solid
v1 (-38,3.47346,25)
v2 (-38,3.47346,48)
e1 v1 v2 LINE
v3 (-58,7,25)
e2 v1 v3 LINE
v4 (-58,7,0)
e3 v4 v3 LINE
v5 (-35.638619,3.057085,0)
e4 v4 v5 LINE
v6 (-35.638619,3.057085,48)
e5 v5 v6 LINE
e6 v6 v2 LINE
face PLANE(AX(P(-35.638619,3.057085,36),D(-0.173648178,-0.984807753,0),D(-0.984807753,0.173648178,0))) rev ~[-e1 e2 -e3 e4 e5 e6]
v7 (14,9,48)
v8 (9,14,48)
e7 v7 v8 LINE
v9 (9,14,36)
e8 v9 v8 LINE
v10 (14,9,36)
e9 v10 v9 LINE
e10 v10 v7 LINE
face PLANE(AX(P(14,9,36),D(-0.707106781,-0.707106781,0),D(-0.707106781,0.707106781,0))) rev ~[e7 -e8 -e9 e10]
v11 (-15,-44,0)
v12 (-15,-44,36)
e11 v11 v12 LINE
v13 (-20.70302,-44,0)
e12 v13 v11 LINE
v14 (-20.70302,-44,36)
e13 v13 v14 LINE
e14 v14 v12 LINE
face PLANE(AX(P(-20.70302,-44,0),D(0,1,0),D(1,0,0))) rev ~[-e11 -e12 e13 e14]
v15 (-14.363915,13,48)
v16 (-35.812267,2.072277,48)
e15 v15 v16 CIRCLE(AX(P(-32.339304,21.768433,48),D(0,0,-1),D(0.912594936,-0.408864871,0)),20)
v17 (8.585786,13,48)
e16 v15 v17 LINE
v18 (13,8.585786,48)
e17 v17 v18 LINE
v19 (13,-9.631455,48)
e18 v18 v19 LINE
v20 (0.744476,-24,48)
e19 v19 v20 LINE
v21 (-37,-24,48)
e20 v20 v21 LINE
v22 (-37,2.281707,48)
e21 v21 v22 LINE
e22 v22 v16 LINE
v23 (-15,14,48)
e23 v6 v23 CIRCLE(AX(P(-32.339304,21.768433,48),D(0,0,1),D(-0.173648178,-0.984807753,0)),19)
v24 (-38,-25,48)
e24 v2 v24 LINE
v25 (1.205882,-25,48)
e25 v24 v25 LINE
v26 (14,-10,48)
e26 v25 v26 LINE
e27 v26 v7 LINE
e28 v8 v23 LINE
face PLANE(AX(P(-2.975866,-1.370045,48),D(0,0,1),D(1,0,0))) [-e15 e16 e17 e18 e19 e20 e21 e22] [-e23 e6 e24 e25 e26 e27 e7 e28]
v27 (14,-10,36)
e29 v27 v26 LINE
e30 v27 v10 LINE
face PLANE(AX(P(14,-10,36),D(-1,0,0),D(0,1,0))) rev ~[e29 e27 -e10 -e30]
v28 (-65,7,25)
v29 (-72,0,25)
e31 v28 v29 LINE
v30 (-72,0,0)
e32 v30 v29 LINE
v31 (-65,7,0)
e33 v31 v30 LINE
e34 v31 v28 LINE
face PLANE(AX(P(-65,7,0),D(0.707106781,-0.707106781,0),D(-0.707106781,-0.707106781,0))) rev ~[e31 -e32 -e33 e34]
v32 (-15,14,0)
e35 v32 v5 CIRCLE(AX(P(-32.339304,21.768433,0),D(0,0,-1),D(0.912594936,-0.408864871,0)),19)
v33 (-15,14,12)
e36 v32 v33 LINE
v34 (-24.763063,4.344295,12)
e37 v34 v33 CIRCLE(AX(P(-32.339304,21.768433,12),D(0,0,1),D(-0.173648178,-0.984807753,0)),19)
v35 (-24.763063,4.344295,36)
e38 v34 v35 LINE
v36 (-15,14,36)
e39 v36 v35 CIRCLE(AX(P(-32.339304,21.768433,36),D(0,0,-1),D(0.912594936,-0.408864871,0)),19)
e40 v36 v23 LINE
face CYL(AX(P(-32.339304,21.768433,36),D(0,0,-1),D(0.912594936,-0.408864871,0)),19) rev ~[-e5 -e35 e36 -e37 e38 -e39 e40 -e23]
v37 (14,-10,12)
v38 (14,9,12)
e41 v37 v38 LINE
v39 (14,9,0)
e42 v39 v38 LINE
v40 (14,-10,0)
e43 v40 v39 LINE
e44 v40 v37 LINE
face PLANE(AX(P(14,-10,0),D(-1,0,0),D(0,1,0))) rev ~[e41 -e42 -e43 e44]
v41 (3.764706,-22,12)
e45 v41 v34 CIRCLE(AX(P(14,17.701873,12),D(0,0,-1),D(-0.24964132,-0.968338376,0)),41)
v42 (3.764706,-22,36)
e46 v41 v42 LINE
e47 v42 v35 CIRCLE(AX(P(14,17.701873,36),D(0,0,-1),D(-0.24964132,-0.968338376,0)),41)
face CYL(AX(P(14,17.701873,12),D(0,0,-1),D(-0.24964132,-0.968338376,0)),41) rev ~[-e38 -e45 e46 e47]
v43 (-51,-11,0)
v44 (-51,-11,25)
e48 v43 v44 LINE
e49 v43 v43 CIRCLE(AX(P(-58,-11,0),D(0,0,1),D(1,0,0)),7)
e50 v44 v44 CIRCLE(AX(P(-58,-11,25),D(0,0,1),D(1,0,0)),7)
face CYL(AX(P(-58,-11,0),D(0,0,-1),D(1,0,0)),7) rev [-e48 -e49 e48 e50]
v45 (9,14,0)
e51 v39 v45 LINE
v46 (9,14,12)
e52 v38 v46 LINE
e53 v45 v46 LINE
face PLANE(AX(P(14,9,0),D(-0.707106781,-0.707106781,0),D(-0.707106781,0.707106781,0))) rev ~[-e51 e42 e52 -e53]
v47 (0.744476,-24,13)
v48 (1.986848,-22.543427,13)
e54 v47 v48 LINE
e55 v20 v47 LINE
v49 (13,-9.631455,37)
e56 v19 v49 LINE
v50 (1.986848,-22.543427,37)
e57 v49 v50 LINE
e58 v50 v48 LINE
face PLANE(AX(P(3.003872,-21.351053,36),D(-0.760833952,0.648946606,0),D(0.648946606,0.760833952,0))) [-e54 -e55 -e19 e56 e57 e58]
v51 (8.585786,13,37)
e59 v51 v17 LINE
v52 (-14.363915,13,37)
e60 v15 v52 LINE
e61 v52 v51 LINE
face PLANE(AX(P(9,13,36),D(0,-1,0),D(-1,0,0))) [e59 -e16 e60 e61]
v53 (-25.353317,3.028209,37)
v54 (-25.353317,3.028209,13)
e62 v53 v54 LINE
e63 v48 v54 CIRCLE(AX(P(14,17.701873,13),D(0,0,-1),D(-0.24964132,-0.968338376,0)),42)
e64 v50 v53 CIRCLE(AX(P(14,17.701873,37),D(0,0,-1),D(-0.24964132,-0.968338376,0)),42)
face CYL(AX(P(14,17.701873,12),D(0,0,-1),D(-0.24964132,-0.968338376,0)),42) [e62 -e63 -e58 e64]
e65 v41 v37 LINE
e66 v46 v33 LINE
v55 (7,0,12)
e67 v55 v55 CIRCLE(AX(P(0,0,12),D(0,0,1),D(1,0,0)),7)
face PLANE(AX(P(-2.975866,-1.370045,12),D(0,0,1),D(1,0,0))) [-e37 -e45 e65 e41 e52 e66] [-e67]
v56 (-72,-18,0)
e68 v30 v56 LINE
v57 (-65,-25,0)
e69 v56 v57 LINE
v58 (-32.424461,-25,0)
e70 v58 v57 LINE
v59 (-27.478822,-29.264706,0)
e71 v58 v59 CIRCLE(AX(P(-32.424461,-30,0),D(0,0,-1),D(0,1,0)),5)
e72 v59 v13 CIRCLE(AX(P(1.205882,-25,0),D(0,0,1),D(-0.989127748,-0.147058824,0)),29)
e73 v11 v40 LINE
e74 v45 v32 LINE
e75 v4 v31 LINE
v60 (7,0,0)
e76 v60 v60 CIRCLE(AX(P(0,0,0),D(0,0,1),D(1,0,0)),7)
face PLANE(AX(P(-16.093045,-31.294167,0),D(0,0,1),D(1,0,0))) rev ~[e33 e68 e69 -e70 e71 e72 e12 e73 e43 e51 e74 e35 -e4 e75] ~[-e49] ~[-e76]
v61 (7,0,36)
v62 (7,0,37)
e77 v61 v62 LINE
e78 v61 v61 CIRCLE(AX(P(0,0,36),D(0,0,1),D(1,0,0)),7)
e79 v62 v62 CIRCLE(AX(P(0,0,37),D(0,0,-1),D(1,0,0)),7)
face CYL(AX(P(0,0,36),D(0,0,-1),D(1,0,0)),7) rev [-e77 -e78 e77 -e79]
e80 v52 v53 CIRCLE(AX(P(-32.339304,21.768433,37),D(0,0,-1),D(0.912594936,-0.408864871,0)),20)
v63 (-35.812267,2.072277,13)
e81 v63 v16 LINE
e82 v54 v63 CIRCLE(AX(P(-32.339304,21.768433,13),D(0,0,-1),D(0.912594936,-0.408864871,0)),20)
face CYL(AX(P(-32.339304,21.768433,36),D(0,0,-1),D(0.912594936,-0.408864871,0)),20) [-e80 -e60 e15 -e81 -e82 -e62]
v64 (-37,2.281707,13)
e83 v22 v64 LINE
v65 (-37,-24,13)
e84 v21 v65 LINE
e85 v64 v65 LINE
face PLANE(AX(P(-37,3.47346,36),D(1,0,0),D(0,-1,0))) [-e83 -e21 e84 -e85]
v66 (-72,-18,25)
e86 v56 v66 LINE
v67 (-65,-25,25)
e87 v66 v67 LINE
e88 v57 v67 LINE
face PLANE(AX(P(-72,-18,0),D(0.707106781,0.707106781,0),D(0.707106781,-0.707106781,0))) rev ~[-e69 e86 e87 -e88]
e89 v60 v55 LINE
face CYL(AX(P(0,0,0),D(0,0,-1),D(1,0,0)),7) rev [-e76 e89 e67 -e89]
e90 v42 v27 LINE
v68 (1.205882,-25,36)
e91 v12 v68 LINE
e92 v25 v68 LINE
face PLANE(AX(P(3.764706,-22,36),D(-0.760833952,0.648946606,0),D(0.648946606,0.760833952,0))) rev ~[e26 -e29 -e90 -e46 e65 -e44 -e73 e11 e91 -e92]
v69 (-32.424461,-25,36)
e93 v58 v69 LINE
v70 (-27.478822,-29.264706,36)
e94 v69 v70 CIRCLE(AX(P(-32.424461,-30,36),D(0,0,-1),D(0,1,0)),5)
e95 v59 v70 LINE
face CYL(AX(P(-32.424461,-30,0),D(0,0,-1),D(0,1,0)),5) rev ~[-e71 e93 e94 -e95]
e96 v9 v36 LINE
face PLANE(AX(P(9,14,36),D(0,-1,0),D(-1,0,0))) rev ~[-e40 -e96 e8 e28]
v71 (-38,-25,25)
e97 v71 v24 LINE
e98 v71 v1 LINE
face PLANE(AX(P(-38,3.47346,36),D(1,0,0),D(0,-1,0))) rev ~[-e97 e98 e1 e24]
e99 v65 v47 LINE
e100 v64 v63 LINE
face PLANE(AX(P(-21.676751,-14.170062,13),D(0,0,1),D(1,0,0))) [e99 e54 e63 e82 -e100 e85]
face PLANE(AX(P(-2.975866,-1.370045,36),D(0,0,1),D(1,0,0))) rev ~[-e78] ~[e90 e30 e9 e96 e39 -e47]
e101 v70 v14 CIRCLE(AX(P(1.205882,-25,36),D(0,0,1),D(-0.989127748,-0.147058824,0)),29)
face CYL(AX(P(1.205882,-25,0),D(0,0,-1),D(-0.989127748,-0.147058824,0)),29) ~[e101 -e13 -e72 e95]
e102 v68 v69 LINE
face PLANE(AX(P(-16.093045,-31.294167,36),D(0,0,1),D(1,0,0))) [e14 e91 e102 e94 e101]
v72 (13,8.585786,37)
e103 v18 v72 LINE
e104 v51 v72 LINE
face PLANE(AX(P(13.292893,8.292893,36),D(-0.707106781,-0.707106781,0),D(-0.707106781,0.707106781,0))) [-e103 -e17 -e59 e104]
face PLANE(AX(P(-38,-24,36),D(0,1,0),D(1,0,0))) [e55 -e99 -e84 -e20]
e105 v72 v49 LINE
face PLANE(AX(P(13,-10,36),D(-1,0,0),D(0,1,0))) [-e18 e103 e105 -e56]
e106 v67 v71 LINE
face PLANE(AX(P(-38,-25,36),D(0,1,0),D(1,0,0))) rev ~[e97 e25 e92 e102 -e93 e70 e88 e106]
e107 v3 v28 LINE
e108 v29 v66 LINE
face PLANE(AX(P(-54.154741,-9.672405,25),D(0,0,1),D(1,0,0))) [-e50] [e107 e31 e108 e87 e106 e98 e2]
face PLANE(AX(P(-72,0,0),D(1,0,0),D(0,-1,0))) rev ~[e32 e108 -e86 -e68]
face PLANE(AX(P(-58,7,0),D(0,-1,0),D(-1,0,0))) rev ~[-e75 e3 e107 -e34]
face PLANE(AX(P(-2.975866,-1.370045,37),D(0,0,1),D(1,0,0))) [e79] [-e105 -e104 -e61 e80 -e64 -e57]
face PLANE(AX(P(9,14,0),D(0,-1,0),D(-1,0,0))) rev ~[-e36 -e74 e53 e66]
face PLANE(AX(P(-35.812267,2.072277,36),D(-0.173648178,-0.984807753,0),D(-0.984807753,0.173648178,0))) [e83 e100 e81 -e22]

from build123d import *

# Parameters (mm, degrees)
SKETCH1_R           = 7
BOSS_EXTRUDE1_DEPTH = 25
BOSS_EXTRUDE2_START = 12
BOSS_EXTRUDE2_DEPTH = 24
SKETCH1_4_R         = 7.000000000000007
BOSS_EXTRUDE3_DEPTH = 12
BOSS_EXTRUDE6_START = 36
SKETCH1_7_R         = 7.000000000000007
BOSS_EXTRUDE6_DEPTH = 12
SHELL7_T            = -1
BOSS_EXTRUDE7_DEPTH = 36
SKETCH2_R           = 9.695738558294309
CUT_EXTRUDE2_DEPTH  = 93.13576938409969


with BuildPart() as part:
    # Sketch1 → Boss-Extrude1 (new body)
    with BuildSketch(Plane.XY):
        Polygon((-72, -1.421e-14), (-72, -18.000000000000014), (-64.99999999999997, -25.000000000000014), (-38, -25.000000000000007), (-38.00000000000001, 3.4734603858306787), (-57.99999999999999, 6.999999999999986), (-65.00000000000001, 6.999999999999986), align=None)
        with Locations((-57.99999999999999, -11.000000000000014)):
            Circle(SKETCH1_R, mode=Mode.SUBTRACT)
    extrude(amount=BOSS_EXTRUDE1_DEPTH)

    # Sketch1<4> → Boss-Extrude3 (add)
    with BuildSketch(Plane.XY):
        with BuildLine():
            Line((-38.00000000000001, 3.4734603858306787), (-38, -25.000000000000014))
            Line((-38, -25.00000000000001), (1.2058823529411669, -25.00000000000001))
            Line((1.2058823529411677, -25.00000000000001), (14.000000000000004, -10))
            Line((14, -9.999999999999998), (13.999999999999998, 9.000000000000002))
            Line((13.999999999999998, 9.000000000000002), (8.999999999999979, 14))
            Line((8.999999999999979, 14), (-15.000000000000004, 14))
            ThreePointArc((-15.000000000000004, 14), (-23.43890129432416, 4.98204414221815), (-35.63861916422293, 3.057085232755277))
            Line((-35.63861916422293, 3.057085232755278), (-38.00000000000001, 3.4734603858306823))
        make_face()
        Circle(SKETCH1_4_R, mode=Mode.SUBTRACT)
    extrude(amount=BOSS_EXTRUDE3_DEPTH)

    # Sketch1<8> → Boss-Extrude7 (add)
    with BuildSketch(Plane.XY):
        with BuildLine():
            Line((1.2058823529411669, -25.00000000000001), (-32.424461088659314, -25.00000000000001))
            ThreePointArc((-32.424461088659314, -25.000000000000007), (-29.159225307604235, -26.213413767769495), (-27.478822347247476, -29.26470588235295))
            ThreePointArc((-27.47882234724748, -29.264705882352946), (-25.141992144084263, -37.11567206097118), (-20.70301994726548, -44.000000000000014))
            Line((-20.70301994726548, -44.000000000000014), (-14.999999999999996, -44.00000000000001))
            Line((-14.999999999999996, -44.00000000000001), (1.2058823529411704, -25.00000000000001))
        make_face()
    extrude(amount=BOSS_EXTRUDE7_DEPTH)


with BuildPart() as body_2:
    # Sketch1<3> → Boss-Extrude2 (new body)
    with BuildSketch(Plane.XY.offset(BOSS_EXTRUDE2_START)):
        with BuildLine():
            Line((-38.00000000000001, 3.4734603858306787), (-38, -25.000000000000014))
            Line((-38, -25.000000000000007), (-32.424461088659314, -25.000000000000007))
            Line((-32.424461088659314, -25.00000000000001), (1.2058823529411669, -25.00000000000001))
            Line((1.2058823529411704, -25.00000000000001), (3.764705882352942, -22))
            ThreePointArc((3.764705882352942, -22.000000000000004), (-13.815737017505185, -12.419294771345367), (-24.763063450975714, 4.344294617344023))
            ThreePointArc((-24.76306345097571, 4.344294617344016), (-30.106088890163186, 2.9001323723087005), (-35.63861916422293, 3.0570852327552736))
            Line((-35.63861916422293, 3.057085232755278), (-38.00000000000001, 3.4734603858306823))
        make_face()
    extrude(amount=BOSS_EXTRUDE2_DEPTH)

    # Sketch1<7> → Boss-Extrude6 (add)
    with BuildSketch(Plane.XY.offset(BOSS_EXTRUDE6_START)):
        with BuildLine():
            Line((-38.00000000000001, 3.4734603858306787), (-38, -25.000000000000014))
            Line((-38, -25.00000000000001), (1.2058823529411669, -25.00000000000001))
            Line((1.2058823529411677, -25.00000000000001), (14.000000000000004, -10))
            Line((14, -9.999999999999998), (13.999999999999998, 9.000000000000002))
            Line((13.999999999999998, 9.000000000000002), (8.999999999999979, 14))
            Line((8.999999999999979, 14), (-15.000000000000004, 14))
            ThreePointArc((-15.000000000000004, 14), (-23.43890129432416, 4.98204414221815), (-35.63861916422293, 3.057085232755277))
            Line((-35.63861916422293, 3.057085232755278), (-38.00000000000001, 3.4734603858306823))
        make_face()
        Circle(SKETCH1_7_R, mode=Mode.SUBTRACT)
    extrude(amount=BOSS_EXTRUDE6_DEPTH)

    # Shell7
    shell7_openings = [body_2.faces().sort_by_distance(p)[0] for p in [
        (-12.583479215, -7.183735209, 48),
    ]]
    offset(amount=SHELL7_T, openings=shell7_openings, kind=Kind.INTERSECTION)


with BuildPart() as part_1:
    add(part.part)

    # Combine1: union body 2
    add(body_2.part)

    # Sketch2 → Cut-Extrude2 (cut, through all)
    with BuildSketch(Plane.XY.offset(37)):
        Circle(SKETCH2_R)
    extrude(amount=CUT_EXTRUDE2_DEPTH, mode=Mode.SUBTRACT)


solid = part_1.part
